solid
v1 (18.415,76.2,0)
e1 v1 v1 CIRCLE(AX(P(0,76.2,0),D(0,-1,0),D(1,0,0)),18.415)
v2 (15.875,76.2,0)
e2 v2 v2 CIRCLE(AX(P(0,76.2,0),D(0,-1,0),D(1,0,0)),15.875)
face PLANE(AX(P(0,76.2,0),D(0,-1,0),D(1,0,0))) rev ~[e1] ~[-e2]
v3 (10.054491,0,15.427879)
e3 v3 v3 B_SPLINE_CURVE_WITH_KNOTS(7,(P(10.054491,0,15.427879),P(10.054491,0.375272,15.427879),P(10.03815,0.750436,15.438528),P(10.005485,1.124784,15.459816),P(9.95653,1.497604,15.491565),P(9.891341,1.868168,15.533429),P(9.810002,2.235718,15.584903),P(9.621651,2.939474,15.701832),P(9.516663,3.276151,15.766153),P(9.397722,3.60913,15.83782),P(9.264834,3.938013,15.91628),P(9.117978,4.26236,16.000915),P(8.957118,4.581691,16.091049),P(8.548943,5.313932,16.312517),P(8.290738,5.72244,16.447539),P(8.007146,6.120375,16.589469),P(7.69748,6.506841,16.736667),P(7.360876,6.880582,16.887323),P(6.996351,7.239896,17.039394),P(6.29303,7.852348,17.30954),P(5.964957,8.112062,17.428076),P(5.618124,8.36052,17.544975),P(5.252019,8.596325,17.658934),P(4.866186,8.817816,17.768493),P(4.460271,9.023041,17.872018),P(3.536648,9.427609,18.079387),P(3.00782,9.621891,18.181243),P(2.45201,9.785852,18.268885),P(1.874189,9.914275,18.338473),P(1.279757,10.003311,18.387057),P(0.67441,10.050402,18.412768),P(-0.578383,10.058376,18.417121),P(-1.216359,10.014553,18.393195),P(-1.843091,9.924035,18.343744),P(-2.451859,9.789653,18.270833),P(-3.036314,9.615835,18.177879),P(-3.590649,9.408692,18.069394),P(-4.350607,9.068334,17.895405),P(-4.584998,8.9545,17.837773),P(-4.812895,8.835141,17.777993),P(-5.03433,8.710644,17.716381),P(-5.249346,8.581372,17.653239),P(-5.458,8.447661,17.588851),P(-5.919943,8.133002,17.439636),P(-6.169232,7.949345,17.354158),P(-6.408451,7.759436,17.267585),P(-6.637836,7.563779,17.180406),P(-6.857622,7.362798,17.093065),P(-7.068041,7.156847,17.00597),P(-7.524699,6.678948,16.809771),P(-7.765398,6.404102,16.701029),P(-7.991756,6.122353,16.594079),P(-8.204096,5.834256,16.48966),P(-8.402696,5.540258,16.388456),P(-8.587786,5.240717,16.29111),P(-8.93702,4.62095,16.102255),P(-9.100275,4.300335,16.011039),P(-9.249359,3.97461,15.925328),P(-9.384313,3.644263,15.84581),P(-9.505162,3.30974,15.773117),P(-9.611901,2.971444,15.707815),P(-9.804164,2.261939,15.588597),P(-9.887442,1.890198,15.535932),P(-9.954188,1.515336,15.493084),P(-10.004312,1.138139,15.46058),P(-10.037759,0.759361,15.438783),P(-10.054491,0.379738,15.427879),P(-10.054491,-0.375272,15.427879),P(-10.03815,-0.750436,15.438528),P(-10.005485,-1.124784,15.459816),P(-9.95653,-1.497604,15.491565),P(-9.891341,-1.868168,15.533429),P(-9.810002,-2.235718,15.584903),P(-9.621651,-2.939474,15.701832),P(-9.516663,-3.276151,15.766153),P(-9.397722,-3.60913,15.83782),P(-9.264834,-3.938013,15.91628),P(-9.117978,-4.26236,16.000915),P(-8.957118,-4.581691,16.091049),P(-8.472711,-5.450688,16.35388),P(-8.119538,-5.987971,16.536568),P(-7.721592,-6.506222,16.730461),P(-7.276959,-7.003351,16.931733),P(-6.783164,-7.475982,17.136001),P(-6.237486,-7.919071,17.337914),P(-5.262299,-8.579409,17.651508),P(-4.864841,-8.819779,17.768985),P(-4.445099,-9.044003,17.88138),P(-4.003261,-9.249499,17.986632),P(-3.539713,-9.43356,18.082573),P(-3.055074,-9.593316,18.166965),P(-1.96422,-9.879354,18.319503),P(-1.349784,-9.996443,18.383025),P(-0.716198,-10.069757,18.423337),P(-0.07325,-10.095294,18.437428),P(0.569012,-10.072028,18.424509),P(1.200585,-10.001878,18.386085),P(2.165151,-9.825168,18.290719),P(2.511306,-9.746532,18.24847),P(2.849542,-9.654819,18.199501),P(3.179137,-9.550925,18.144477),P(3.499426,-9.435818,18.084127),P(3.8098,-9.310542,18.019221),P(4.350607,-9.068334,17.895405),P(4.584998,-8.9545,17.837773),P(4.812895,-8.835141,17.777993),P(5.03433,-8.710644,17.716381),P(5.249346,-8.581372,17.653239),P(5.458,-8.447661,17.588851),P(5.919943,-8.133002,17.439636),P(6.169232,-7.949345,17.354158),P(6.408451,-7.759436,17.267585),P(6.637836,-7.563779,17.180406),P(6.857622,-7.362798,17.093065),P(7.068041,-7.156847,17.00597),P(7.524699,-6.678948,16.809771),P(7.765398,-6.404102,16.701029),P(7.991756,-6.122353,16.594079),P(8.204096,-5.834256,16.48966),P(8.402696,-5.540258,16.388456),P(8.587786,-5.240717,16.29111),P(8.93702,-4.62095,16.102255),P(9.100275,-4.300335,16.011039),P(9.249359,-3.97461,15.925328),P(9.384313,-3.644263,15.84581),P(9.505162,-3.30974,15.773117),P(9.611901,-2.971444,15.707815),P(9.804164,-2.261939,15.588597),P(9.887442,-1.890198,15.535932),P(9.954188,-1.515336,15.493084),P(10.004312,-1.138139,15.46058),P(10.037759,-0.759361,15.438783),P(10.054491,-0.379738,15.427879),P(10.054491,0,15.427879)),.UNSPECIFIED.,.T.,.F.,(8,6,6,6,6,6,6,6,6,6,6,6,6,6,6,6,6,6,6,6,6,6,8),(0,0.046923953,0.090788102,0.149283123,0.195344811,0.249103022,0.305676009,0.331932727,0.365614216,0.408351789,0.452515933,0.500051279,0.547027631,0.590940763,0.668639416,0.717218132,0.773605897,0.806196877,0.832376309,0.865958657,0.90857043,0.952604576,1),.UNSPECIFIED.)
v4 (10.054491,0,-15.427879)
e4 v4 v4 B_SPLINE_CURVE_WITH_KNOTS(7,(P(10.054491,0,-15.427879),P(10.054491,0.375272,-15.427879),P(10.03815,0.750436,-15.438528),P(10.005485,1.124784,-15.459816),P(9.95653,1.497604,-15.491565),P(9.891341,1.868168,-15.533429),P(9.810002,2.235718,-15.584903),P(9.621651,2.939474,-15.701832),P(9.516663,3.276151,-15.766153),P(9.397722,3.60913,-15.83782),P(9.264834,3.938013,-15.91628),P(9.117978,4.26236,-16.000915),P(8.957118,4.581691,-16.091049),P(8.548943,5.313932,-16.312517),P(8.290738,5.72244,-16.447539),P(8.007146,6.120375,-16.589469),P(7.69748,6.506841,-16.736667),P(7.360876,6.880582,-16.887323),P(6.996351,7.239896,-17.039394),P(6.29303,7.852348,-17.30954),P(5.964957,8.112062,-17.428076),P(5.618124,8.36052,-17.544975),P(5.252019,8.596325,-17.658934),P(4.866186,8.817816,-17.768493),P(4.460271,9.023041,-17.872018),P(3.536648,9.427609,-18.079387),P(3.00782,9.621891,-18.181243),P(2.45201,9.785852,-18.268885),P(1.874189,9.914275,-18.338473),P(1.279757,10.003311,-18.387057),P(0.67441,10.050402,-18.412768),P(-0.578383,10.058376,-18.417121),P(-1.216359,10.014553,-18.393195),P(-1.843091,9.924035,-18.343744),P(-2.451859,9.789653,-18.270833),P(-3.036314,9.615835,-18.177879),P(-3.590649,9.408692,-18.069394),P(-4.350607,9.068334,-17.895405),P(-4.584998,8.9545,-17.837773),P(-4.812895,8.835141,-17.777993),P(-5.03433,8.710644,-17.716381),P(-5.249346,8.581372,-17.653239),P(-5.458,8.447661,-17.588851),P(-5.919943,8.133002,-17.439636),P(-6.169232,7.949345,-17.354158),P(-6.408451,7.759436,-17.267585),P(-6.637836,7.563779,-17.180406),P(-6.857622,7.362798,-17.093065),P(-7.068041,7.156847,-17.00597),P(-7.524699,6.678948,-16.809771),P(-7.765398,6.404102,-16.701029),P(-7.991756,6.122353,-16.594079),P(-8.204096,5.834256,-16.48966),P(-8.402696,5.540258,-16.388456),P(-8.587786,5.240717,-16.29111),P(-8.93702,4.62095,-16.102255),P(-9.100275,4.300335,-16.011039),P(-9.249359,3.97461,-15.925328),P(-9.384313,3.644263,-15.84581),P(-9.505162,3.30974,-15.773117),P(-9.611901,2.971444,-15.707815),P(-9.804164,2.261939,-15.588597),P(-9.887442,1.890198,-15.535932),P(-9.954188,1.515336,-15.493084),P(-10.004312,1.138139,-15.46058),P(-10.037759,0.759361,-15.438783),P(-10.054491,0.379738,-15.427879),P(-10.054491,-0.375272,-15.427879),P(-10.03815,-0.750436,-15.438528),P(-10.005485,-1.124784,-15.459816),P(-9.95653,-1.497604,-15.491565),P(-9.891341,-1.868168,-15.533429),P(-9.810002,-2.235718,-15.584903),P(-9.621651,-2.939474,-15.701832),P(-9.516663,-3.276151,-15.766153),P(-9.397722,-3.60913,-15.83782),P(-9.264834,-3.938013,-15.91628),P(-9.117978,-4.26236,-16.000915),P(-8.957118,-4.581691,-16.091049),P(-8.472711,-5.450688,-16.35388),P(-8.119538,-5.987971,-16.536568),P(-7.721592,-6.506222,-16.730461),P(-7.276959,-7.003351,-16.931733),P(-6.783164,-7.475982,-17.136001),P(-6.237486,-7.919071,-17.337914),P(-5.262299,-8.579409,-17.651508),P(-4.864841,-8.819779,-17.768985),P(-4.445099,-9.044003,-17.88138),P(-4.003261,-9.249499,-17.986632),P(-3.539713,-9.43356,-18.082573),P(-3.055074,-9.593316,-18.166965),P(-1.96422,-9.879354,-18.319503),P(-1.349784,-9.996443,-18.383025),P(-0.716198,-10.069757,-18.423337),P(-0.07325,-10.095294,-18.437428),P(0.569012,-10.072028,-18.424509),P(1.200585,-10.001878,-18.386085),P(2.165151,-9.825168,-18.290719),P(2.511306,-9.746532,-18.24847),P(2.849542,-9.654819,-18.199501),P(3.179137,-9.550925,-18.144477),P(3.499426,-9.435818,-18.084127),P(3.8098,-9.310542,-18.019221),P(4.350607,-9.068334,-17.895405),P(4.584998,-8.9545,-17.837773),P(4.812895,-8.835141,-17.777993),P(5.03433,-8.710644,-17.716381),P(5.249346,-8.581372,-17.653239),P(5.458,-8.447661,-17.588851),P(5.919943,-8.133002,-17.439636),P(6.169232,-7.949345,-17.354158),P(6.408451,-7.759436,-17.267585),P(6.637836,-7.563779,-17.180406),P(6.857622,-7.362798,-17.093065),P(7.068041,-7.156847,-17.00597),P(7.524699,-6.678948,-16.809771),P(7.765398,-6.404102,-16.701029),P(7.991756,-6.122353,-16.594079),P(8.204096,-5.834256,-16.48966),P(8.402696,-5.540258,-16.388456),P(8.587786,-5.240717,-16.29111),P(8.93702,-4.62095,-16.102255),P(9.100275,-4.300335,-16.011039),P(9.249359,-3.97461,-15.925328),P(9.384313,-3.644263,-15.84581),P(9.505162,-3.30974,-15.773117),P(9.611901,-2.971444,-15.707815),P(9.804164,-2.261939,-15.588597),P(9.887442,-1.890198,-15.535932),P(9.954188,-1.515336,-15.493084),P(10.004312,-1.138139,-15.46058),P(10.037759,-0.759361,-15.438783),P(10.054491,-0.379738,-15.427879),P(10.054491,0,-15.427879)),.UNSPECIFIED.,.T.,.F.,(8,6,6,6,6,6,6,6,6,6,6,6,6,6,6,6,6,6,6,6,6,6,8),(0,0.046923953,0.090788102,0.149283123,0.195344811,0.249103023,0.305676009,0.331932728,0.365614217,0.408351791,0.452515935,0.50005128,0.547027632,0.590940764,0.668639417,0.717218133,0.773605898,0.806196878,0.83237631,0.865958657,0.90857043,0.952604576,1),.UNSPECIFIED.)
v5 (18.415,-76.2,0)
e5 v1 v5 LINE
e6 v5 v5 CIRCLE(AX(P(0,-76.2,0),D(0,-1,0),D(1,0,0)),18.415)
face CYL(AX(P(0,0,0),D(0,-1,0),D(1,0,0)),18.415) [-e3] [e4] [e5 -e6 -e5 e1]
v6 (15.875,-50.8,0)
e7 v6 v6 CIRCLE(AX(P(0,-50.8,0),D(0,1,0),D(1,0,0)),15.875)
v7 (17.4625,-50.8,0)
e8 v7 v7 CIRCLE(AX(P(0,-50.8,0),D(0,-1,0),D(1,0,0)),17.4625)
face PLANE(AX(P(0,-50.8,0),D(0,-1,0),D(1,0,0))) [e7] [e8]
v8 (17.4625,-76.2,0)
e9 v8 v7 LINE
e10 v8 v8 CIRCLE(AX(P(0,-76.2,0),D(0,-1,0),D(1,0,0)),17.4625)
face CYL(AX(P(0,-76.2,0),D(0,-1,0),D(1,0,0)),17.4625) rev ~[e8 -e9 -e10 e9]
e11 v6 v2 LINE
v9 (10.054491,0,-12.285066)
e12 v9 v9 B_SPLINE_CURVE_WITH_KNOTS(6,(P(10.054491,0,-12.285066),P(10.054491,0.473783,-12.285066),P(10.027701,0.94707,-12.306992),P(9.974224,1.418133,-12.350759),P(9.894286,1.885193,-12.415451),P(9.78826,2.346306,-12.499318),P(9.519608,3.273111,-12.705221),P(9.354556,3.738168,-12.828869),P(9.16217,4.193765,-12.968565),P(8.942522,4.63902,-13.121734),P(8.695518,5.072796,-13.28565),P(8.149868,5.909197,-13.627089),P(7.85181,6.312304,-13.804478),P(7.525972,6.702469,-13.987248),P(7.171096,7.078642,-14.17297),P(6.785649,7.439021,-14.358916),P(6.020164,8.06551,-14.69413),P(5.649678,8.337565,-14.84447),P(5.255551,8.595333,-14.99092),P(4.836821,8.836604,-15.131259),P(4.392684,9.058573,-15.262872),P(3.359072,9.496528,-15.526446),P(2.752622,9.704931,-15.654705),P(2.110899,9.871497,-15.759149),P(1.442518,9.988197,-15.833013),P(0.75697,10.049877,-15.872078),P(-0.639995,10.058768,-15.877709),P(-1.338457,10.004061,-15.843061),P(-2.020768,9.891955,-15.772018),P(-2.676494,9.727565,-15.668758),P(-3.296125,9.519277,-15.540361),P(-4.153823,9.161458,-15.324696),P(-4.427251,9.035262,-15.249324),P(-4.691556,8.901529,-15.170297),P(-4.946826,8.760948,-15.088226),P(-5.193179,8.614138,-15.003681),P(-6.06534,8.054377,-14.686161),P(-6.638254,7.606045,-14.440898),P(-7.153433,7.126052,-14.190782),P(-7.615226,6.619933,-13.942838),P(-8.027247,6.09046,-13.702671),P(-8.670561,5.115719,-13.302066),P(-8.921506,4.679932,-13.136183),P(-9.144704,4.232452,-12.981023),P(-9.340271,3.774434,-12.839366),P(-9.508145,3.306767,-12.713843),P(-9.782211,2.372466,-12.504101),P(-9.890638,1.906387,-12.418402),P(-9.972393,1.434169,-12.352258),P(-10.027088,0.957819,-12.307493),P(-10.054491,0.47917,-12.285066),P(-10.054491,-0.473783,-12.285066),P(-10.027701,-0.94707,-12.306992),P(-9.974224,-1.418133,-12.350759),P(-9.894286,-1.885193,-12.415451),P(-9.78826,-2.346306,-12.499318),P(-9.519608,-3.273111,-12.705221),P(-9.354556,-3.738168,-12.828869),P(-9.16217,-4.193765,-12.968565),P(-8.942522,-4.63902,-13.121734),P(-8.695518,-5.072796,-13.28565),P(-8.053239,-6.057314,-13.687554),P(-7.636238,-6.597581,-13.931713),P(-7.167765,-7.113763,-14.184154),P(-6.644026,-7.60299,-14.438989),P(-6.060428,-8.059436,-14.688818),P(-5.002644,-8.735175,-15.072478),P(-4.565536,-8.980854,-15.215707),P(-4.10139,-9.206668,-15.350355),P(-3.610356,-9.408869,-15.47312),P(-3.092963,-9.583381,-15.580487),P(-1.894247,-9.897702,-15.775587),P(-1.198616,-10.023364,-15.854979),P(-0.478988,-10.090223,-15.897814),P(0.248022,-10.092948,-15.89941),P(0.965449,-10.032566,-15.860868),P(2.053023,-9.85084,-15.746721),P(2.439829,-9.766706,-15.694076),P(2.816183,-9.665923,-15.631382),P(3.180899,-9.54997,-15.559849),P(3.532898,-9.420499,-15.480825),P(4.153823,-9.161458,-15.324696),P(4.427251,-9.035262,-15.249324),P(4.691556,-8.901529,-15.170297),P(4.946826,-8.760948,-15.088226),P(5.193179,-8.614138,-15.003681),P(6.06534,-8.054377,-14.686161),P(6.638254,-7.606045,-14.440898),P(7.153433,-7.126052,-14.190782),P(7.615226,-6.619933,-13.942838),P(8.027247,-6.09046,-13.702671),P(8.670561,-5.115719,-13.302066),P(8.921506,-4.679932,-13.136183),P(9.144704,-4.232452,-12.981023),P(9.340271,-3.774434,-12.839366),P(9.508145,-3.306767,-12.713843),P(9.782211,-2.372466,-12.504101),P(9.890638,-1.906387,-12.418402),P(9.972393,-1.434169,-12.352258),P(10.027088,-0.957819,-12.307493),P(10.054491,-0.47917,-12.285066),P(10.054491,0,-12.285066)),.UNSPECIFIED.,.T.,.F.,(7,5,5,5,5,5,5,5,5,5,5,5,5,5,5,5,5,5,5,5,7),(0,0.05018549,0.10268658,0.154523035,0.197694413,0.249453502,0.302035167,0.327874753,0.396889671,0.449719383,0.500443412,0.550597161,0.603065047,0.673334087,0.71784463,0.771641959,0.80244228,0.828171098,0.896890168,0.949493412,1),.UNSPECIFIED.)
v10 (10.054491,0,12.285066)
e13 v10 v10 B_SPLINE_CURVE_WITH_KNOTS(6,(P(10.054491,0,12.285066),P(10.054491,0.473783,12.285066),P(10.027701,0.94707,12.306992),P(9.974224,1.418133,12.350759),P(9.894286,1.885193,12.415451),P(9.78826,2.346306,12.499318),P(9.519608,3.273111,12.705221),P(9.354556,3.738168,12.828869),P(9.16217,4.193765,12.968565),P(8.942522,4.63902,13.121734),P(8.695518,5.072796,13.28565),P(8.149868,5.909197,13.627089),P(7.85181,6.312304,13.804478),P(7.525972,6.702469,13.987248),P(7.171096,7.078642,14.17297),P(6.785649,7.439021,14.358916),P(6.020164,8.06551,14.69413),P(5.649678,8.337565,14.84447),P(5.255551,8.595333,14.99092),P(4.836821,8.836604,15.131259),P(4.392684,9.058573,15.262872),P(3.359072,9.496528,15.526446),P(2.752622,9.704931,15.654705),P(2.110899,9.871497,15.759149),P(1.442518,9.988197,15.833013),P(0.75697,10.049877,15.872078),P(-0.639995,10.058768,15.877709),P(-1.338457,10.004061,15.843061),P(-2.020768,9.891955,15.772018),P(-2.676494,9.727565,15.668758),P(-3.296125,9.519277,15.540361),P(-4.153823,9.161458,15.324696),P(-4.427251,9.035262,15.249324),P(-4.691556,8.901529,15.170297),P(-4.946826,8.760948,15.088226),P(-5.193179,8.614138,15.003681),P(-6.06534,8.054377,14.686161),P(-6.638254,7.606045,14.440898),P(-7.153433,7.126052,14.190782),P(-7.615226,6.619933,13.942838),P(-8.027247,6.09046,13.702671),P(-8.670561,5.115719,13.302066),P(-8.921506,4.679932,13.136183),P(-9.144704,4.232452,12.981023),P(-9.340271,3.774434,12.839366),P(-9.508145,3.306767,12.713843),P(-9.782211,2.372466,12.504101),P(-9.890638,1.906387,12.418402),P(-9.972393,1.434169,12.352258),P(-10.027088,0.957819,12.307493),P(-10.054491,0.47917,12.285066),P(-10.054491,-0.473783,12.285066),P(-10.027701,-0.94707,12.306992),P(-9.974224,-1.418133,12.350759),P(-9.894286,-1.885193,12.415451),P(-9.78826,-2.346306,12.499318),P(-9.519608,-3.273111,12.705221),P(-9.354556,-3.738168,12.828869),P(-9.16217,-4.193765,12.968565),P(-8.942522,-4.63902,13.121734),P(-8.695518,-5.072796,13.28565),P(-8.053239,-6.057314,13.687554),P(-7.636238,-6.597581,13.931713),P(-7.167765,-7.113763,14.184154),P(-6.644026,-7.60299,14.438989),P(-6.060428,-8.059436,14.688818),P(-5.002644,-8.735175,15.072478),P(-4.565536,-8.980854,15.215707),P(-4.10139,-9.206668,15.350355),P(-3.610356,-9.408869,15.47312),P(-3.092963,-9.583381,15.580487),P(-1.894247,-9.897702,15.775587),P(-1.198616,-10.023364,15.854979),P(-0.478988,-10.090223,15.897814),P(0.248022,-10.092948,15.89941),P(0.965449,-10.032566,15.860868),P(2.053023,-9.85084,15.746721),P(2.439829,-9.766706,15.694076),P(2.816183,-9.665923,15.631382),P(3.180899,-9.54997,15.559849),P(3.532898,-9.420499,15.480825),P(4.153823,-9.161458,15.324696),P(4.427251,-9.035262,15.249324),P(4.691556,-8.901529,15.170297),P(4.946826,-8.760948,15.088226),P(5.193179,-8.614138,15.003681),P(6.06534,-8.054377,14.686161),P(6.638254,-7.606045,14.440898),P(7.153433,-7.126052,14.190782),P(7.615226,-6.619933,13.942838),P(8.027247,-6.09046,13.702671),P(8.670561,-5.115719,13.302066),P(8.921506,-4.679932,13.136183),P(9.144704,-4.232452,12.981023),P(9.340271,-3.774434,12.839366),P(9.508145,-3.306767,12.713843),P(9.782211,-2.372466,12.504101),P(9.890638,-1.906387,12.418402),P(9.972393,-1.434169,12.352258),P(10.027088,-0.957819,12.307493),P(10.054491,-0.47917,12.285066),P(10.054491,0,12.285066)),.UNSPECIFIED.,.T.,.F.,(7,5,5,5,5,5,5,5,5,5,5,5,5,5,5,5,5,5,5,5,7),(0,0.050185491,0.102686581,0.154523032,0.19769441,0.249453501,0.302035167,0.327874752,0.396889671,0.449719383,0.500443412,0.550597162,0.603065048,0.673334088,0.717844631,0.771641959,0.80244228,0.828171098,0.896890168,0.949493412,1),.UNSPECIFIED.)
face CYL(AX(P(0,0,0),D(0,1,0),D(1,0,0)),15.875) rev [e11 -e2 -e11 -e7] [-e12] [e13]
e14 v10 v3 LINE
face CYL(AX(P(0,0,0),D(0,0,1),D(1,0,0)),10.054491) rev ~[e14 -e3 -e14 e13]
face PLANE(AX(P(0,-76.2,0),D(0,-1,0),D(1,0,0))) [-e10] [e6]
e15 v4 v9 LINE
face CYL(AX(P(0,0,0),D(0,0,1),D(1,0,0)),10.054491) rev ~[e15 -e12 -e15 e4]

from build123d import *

# Parameters (mm, degrees)
F0_R     = 18.415
F0_R_2   = 15.875
F1_DEPTH = 76.2
F2_R     = 10.054491
F3_DEPTH = 40.64
F5_R     = 17.4625
F6_DEPTH = 25.4


with BuildPart() as f1:
    # F0 (on Front) → F1 (new body, symmetric)
    with BuildSketch(Plane.XZ):
        Circle(F0_R)
        Circle(F0_R_2, mode=Mode.SUBTRACT)
    extrude(amount=F1_DEPTH, both=True)

    # F2 (on Top) → F3 (cut, symmetric)
    with BuildSketch(Plane.XY):
        Circle(F2_R)
    extrude(amount=F3_DEPTH, both=True, mode=Mode.SUBTRACT)

    # F5 (on face) → F6 (cut)
    with BuildSketch(Plane.XZ.offset(76.2)):
        Circle(F5_R)
    extrude(amount=-F6_DEPTH, mode=Mode.SUBTRACT)


solid = f1.part
